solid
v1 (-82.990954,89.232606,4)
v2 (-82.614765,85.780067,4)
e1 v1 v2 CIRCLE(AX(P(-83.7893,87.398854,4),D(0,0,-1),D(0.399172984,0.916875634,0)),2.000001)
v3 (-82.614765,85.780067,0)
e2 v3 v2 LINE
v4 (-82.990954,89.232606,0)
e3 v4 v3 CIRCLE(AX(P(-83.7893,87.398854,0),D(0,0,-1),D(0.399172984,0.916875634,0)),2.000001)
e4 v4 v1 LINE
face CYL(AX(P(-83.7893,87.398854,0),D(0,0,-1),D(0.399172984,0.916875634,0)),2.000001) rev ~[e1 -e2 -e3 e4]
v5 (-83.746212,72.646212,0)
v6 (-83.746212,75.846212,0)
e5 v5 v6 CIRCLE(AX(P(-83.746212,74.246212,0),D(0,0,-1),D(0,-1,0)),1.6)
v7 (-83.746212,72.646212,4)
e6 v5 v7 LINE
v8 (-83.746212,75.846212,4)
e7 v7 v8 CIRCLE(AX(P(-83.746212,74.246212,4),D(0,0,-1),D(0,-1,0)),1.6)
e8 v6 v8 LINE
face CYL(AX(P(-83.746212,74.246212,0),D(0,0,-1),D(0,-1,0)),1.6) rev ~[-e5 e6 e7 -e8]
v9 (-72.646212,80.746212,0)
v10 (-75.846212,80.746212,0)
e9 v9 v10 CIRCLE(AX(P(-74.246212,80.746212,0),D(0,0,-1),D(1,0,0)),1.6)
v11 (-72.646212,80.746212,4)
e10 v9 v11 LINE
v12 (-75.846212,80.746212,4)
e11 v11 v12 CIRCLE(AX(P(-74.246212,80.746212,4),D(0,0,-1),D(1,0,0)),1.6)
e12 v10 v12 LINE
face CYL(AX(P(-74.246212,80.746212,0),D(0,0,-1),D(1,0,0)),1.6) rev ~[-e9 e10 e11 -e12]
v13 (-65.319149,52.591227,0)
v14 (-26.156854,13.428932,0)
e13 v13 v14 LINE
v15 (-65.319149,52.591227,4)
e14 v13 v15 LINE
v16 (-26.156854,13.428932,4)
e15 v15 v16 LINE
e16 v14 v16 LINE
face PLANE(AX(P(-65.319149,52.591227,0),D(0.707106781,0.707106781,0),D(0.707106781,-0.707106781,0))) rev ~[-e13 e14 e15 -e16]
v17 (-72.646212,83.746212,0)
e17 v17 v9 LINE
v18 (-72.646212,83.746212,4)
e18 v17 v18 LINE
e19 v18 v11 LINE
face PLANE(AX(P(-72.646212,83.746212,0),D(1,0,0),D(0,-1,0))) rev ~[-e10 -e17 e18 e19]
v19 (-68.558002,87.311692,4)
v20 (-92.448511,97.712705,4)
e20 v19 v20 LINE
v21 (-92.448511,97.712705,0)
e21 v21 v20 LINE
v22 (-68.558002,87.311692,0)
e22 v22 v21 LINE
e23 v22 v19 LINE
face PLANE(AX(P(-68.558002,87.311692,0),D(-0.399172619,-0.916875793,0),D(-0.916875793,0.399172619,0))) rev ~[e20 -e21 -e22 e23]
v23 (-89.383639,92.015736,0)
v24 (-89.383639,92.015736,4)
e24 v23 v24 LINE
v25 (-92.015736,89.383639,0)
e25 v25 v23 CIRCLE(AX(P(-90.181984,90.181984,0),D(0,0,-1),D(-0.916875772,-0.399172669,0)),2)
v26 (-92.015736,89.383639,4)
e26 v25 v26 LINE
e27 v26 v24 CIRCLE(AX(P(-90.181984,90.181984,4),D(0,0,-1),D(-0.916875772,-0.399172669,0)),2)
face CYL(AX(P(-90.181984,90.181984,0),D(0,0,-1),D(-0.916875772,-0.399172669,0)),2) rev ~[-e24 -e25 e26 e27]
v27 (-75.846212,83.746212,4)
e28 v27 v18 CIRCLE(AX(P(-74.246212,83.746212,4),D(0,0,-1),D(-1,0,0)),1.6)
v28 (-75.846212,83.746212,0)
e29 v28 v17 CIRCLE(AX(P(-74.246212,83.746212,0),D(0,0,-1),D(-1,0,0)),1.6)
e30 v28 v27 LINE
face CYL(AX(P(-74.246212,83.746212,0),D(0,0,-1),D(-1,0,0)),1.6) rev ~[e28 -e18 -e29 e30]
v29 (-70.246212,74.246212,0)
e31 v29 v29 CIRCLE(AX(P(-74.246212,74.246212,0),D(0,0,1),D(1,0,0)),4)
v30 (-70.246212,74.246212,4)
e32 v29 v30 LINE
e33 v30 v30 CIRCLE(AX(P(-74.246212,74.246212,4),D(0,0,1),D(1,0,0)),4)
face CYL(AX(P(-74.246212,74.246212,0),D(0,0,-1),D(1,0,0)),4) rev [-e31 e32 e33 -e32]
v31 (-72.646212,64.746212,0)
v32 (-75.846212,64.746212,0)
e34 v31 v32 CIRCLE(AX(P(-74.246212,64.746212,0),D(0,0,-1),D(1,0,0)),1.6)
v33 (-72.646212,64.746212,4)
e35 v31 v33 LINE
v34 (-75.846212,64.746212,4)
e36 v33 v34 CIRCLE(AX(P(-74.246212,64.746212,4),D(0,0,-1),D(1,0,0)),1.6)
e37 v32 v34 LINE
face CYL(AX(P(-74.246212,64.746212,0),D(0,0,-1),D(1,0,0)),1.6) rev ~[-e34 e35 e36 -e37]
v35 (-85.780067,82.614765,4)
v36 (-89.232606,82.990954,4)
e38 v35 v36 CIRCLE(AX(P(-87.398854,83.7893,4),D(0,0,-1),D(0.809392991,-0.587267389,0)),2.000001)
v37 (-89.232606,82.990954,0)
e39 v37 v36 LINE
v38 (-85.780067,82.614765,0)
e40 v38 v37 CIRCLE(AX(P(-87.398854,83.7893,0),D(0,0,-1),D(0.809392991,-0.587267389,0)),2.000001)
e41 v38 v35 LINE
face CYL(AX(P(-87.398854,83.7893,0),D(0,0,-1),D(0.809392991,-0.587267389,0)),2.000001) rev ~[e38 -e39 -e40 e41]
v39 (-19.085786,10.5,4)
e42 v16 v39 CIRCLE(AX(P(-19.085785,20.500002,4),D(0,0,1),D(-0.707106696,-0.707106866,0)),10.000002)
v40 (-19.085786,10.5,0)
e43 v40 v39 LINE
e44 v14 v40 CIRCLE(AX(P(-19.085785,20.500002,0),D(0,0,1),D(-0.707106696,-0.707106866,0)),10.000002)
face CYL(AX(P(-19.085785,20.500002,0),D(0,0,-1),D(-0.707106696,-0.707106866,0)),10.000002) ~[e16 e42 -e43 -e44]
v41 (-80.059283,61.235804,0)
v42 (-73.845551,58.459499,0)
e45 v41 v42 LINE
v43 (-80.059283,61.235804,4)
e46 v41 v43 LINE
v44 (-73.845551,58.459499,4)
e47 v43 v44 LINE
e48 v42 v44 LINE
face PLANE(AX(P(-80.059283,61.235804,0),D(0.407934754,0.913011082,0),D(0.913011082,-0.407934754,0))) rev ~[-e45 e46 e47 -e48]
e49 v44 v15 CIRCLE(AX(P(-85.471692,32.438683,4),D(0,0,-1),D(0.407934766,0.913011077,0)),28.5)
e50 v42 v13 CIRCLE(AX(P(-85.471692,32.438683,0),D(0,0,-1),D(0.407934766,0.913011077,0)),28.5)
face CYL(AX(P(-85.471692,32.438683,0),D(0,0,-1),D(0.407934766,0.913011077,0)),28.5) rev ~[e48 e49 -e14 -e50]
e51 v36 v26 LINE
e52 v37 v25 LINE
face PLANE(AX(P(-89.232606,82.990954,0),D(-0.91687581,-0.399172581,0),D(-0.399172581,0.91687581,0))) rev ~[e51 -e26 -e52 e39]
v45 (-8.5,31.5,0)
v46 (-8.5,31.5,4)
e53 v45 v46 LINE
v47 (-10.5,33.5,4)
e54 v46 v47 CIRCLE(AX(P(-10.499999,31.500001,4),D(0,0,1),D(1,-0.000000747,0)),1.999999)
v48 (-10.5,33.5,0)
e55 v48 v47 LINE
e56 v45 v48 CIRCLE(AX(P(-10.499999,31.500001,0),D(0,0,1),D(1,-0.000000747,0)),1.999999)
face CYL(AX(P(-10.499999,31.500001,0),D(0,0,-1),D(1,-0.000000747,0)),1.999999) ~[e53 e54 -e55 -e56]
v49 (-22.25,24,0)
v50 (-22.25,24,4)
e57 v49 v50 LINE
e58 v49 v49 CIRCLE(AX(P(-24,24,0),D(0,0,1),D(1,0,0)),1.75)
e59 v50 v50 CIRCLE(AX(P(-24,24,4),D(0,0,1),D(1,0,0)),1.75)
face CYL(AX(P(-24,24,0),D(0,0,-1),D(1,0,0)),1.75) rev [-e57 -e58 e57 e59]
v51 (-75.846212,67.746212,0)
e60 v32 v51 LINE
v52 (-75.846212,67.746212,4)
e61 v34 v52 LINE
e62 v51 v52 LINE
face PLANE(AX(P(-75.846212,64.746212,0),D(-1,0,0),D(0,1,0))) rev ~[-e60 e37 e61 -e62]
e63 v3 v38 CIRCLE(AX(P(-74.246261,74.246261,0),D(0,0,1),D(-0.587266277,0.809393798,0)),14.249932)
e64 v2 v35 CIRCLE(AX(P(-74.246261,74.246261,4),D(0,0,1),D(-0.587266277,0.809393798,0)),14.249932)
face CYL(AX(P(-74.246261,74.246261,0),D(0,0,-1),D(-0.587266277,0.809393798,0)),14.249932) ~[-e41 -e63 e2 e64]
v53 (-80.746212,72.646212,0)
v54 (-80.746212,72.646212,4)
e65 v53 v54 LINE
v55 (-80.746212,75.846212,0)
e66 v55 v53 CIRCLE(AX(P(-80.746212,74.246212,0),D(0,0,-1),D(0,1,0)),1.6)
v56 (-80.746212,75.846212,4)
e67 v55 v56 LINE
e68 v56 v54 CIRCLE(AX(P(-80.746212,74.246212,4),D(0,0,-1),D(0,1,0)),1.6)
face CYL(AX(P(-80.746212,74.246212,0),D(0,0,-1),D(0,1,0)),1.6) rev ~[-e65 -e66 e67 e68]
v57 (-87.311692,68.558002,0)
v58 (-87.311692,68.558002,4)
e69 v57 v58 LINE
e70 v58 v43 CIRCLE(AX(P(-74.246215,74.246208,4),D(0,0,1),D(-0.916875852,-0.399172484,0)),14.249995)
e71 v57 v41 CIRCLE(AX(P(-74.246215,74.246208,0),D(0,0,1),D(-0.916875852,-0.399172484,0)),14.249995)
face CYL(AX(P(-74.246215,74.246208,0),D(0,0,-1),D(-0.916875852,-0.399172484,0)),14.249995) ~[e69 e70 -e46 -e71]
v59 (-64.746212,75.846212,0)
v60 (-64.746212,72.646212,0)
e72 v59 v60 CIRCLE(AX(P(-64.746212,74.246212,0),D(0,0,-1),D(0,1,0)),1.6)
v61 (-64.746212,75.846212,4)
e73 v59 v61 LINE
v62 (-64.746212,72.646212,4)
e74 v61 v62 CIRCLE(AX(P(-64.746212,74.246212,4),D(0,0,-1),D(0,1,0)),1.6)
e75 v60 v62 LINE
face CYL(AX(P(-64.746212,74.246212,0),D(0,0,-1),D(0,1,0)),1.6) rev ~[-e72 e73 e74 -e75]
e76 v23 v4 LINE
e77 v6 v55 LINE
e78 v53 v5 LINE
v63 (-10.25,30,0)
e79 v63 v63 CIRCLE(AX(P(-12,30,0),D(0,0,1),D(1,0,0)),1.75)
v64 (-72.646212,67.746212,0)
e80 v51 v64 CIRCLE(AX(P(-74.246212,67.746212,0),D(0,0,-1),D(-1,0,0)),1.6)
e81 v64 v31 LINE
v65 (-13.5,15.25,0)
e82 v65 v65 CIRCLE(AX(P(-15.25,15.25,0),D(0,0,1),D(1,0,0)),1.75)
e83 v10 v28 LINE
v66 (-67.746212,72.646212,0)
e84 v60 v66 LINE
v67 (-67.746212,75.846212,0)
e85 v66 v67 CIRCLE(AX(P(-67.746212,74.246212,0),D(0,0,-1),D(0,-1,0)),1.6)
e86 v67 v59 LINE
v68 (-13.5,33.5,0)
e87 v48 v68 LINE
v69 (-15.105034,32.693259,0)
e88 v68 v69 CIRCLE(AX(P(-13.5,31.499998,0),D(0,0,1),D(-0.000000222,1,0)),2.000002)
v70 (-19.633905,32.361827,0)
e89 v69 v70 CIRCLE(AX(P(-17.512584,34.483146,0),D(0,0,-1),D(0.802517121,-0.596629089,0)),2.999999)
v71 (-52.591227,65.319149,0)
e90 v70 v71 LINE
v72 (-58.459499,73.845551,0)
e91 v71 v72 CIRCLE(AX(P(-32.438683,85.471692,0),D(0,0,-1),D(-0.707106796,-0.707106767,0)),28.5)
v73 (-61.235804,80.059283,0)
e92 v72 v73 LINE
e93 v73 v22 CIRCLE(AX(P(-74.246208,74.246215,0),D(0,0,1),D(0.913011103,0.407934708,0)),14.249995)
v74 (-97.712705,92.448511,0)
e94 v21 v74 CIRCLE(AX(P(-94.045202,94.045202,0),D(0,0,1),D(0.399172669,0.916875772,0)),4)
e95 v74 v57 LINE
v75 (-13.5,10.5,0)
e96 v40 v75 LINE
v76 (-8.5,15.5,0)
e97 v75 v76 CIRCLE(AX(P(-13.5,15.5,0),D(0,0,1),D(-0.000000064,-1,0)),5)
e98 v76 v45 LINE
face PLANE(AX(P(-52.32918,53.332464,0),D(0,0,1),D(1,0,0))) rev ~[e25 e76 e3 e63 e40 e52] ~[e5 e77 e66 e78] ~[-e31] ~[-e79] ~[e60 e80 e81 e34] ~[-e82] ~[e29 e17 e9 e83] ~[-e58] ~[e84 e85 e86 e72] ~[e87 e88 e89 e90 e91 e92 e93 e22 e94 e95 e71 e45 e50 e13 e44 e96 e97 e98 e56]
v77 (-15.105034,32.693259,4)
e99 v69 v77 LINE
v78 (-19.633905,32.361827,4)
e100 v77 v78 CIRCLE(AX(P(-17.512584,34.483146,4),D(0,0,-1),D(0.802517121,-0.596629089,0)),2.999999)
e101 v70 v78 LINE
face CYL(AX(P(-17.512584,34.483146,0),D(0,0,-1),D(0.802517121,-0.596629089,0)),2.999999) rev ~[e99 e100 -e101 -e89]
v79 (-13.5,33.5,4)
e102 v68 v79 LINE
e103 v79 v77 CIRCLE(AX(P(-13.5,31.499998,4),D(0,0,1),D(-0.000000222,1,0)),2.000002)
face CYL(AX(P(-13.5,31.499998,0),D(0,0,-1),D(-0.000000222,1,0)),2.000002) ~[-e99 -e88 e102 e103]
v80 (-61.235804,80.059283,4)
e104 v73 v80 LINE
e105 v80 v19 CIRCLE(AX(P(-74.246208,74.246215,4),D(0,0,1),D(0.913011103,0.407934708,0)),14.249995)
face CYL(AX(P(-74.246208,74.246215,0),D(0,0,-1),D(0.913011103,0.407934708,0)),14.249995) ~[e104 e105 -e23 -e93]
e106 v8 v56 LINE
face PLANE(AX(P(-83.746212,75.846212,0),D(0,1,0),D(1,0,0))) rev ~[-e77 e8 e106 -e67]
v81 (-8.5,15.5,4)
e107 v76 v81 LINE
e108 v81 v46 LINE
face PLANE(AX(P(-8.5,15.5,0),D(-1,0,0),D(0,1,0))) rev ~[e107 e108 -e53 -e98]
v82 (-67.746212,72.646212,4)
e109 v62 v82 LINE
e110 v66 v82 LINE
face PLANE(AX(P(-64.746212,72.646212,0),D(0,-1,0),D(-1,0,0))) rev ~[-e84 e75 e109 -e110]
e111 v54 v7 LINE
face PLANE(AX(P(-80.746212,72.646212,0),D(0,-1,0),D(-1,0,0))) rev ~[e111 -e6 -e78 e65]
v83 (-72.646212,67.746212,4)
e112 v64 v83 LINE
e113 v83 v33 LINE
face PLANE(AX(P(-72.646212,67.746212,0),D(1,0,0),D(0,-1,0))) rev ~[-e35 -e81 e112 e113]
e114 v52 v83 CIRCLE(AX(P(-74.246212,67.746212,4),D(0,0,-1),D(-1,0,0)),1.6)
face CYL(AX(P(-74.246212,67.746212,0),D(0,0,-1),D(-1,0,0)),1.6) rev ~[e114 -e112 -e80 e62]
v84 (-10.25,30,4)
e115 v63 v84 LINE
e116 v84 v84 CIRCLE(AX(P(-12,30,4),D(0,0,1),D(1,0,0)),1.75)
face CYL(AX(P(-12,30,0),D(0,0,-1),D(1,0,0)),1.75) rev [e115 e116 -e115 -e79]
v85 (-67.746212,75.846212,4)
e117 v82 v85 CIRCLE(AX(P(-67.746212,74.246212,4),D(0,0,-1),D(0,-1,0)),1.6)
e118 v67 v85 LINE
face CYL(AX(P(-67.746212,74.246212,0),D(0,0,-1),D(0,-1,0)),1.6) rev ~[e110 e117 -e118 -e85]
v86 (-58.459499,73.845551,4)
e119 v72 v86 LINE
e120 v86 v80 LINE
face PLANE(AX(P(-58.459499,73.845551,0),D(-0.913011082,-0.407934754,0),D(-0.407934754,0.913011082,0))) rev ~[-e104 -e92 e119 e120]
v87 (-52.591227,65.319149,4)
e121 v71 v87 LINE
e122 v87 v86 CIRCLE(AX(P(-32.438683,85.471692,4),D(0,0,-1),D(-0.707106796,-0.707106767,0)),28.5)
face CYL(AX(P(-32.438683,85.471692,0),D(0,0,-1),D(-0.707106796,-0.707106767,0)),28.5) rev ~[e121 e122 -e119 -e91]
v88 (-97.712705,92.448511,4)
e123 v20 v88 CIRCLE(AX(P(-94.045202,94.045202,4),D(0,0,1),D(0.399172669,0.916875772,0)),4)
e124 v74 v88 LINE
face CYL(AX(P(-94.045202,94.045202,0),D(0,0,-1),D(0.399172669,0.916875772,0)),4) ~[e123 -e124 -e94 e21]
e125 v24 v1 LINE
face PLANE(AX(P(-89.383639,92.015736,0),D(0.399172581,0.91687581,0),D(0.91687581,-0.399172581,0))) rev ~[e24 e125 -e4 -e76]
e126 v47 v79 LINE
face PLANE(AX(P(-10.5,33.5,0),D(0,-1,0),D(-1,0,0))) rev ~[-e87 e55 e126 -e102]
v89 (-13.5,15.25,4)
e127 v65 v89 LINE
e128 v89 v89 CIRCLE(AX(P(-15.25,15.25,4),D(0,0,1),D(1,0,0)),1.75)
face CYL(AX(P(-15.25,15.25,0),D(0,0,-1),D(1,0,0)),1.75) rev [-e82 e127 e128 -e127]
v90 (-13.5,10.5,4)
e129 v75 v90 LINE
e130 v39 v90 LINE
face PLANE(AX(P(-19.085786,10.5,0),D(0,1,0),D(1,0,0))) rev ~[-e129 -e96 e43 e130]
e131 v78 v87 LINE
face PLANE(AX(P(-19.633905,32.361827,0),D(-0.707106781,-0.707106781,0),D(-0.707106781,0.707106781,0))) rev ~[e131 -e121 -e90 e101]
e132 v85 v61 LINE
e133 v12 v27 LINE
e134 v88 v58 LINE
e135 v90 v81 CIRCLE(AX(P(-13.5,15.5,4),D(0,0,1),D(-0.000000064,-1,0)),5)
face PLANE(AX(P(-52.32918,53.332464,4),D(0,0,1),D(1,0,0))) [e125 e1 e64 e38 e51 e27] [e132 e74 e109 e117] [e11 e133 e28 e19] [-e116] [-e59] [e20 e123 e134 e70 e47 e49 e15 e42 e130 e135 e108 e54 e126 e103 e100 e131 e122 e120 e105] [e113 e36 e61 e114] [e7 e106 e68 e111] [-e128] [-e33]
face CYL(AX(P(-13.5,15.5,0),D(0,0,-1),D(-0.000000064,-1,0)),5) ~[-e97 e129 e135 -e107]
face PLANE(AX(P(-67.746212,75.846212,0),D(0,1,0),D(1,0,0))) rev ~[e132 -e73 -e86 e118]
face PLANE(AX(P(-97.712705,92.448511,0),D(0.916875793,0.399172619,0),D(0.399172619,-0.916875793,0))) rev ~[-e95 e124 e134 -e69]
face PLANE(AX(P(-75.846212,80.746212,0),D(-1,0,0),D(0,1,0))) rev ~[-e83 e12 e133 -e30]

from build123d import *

# Parameters (mm, degrees)
F0_R     = 1.75
F0_R_2   = 4
F1_DEPTH = 4


with BuildPart() as f1:
    # F0 (on Top) → F1 (new body)
    with BuildSketch(Plane.XY):
        with BuildLine():
            ThreePointArc((-26.156854, 13.428932), (-22.912621, 11.261205), (-19.085786, 10.5))
            Line((-19.085786, 10.5), (-13.5, 10.5))
            ThreePointArc((-13.5, 10.5), (-9.964466, 11.964466), (-8.5, 15.5))
            Line((-8.5, 15.5), (-8.5, 31.5))
            ThreePointArc((-8.5, 31.5), (-9.085786, 32.914214), (-10.5, 33.5))
            Line((-10.5, 33.5), (-13.5, 33.5))
            ThreePointArc((-13.5, 33.5), (-14.398188, 33.286969), (-15.105034, 32.693259))
            ThreePointArc((-15.105034, 32.693259), (-17.293624, 31.491148), (-19.633905, 32.361827))
            Line((-19.633905, 32.361827), (-52.591227, 65.319149))
            ThreePointArc((-52.591227, 65.319149), (-55.915686, 69.313711), (-58.459499, 73.845551))
            Line((-58.459499, 73.845551), (-61.235804, 80.059283))
            ThreePointArc((-61.235804, 80.059283), (-64.218304, 84.370617), (-68.558002, 87.311692))
            Line((-68.558002, 87.311692), (-92.448511, 97.712705))
            ThreePointArc((-92.448511, 97.712705), (-96.873629, 96.873629), (-97.712705, 92.448511))
            Line((-97.712705, 92.448511), (-87.311692, 68.558002))
            ThreePointArc((-87.311692, 68.558002), (-84.370617, 64.218304), (-80.059283, 61.235804))
            Line((-80.059283, 61.235804), (-73.845551, 58.459499))
            ThreePointArc((-73.845551, 58.459499), (-69.313711, 55.915686), (-65.319149, 52.591227))
            Line((-65.319149, 52.591227), (-26.156854, 13.428932))
        make_face()
        with Locations((-15.25, 15.25)):
            Circle(F0_R, mode=Mode.SUBTRACT)
        with Locations((-24, 24)):
            Circle(F0_R, mode=Mode.SUBTRACT)
        with Locations((-12, 30)):
            Circle(F0_R, mode=Mode.SUBTRACT)
        with BuildLine():
            Line((-83.746212, 75.846212), (-80.746212, 75.846212))
            ThreePointArc((-80.746212, 75.846212), (-79.146212, 74.246212), (-80.746212, 72.646212))
            Line((-80.746212, 72.646212), (-83.746212, 72.646212))
            ThreePointArc((-83.746212, 72.646212), (-85.346212, 74.246212), (-83.746212, 75.846212))
        make_face(mode=Mode.SUBTRACT)
        with BuildLine():
            Line((-75.846212, 64.746212), (-75.846212, 67.746212))
            ThreePointArc((-75.846212, 67.746212), (-74.246212, 69.346212), (-72.646212, 67.746212))
            Line((-72.646212, 67.746212), (-72.646212, 64.746212))
            ThreePointArc((-72.646212, 64.746212), (-74.246212, 63.146212), (-75.846212, 64.746212))
        make_face(mode=Mode.SUBTRACT)
        with Locations((-74.246212, 74.246212)):
            Circle(F0_R_2, mode=Mode.SUBTRACT)
        with BuildLine():
            Line((-64.746212, 72.646212), (-67.746212, 72.646212))
            ThreePointArc((-67.746212, 72.646212), (-69.346212, 74.246212), (-67.746212, 75.846212))
            Line((-67.746212, 75.846212), (-64.746212, 75.846212))
            ThreePointArc((-64.746212, 75.846212), (-63.146212, 74.246212), (-64.746212, 72.646212))
        make_face(mode=Mode.SUBTRACT)
        with BuildLine():
            ThreePointArc((-82.990954, 89.232606), (-81.801067, 87.615492), (-82.614765, 85.780067))
            ThreePointArc((-82.614765, 85.780067), (-84.322484, 84.322484), (-85.780067, 82.614765))
            ThreePointArc((-85.780067, 82.614765), (-87.615492, 81.801067), (-89.232606, 82.990954))
            Line((-89.232606, 82.990954), (-92.015736, 89.383639))
            ThreePointArc((-92.015736, 89.383639), (-91.596198, 91.596198), (-89.383639, 92.015736))
            Line((-89.383639, 92.015736), (-82.990954, 89.232606))
        make_face(mode=Mode.SUBTRACT)
        with BuildLine():
            Line((-72.646212, 83.746212), (-72.646212, 80.746212))
            ThreePointArc((-72.646212, 80.746212), (-74.246212, 79.146212), (-75.846212, 80.746212))
            Line((-75.846212, 80.746212), (-75.846212, 83.746212))
            ThreePointArc((-75.846212, 83.746212), (-74.246212, 85.346212), (-72.646212, 83.746212))
        make_face(mode=Mode.SUBTRACT)
    extrude(amount=F1_DEPTH)


solid = f1.part
